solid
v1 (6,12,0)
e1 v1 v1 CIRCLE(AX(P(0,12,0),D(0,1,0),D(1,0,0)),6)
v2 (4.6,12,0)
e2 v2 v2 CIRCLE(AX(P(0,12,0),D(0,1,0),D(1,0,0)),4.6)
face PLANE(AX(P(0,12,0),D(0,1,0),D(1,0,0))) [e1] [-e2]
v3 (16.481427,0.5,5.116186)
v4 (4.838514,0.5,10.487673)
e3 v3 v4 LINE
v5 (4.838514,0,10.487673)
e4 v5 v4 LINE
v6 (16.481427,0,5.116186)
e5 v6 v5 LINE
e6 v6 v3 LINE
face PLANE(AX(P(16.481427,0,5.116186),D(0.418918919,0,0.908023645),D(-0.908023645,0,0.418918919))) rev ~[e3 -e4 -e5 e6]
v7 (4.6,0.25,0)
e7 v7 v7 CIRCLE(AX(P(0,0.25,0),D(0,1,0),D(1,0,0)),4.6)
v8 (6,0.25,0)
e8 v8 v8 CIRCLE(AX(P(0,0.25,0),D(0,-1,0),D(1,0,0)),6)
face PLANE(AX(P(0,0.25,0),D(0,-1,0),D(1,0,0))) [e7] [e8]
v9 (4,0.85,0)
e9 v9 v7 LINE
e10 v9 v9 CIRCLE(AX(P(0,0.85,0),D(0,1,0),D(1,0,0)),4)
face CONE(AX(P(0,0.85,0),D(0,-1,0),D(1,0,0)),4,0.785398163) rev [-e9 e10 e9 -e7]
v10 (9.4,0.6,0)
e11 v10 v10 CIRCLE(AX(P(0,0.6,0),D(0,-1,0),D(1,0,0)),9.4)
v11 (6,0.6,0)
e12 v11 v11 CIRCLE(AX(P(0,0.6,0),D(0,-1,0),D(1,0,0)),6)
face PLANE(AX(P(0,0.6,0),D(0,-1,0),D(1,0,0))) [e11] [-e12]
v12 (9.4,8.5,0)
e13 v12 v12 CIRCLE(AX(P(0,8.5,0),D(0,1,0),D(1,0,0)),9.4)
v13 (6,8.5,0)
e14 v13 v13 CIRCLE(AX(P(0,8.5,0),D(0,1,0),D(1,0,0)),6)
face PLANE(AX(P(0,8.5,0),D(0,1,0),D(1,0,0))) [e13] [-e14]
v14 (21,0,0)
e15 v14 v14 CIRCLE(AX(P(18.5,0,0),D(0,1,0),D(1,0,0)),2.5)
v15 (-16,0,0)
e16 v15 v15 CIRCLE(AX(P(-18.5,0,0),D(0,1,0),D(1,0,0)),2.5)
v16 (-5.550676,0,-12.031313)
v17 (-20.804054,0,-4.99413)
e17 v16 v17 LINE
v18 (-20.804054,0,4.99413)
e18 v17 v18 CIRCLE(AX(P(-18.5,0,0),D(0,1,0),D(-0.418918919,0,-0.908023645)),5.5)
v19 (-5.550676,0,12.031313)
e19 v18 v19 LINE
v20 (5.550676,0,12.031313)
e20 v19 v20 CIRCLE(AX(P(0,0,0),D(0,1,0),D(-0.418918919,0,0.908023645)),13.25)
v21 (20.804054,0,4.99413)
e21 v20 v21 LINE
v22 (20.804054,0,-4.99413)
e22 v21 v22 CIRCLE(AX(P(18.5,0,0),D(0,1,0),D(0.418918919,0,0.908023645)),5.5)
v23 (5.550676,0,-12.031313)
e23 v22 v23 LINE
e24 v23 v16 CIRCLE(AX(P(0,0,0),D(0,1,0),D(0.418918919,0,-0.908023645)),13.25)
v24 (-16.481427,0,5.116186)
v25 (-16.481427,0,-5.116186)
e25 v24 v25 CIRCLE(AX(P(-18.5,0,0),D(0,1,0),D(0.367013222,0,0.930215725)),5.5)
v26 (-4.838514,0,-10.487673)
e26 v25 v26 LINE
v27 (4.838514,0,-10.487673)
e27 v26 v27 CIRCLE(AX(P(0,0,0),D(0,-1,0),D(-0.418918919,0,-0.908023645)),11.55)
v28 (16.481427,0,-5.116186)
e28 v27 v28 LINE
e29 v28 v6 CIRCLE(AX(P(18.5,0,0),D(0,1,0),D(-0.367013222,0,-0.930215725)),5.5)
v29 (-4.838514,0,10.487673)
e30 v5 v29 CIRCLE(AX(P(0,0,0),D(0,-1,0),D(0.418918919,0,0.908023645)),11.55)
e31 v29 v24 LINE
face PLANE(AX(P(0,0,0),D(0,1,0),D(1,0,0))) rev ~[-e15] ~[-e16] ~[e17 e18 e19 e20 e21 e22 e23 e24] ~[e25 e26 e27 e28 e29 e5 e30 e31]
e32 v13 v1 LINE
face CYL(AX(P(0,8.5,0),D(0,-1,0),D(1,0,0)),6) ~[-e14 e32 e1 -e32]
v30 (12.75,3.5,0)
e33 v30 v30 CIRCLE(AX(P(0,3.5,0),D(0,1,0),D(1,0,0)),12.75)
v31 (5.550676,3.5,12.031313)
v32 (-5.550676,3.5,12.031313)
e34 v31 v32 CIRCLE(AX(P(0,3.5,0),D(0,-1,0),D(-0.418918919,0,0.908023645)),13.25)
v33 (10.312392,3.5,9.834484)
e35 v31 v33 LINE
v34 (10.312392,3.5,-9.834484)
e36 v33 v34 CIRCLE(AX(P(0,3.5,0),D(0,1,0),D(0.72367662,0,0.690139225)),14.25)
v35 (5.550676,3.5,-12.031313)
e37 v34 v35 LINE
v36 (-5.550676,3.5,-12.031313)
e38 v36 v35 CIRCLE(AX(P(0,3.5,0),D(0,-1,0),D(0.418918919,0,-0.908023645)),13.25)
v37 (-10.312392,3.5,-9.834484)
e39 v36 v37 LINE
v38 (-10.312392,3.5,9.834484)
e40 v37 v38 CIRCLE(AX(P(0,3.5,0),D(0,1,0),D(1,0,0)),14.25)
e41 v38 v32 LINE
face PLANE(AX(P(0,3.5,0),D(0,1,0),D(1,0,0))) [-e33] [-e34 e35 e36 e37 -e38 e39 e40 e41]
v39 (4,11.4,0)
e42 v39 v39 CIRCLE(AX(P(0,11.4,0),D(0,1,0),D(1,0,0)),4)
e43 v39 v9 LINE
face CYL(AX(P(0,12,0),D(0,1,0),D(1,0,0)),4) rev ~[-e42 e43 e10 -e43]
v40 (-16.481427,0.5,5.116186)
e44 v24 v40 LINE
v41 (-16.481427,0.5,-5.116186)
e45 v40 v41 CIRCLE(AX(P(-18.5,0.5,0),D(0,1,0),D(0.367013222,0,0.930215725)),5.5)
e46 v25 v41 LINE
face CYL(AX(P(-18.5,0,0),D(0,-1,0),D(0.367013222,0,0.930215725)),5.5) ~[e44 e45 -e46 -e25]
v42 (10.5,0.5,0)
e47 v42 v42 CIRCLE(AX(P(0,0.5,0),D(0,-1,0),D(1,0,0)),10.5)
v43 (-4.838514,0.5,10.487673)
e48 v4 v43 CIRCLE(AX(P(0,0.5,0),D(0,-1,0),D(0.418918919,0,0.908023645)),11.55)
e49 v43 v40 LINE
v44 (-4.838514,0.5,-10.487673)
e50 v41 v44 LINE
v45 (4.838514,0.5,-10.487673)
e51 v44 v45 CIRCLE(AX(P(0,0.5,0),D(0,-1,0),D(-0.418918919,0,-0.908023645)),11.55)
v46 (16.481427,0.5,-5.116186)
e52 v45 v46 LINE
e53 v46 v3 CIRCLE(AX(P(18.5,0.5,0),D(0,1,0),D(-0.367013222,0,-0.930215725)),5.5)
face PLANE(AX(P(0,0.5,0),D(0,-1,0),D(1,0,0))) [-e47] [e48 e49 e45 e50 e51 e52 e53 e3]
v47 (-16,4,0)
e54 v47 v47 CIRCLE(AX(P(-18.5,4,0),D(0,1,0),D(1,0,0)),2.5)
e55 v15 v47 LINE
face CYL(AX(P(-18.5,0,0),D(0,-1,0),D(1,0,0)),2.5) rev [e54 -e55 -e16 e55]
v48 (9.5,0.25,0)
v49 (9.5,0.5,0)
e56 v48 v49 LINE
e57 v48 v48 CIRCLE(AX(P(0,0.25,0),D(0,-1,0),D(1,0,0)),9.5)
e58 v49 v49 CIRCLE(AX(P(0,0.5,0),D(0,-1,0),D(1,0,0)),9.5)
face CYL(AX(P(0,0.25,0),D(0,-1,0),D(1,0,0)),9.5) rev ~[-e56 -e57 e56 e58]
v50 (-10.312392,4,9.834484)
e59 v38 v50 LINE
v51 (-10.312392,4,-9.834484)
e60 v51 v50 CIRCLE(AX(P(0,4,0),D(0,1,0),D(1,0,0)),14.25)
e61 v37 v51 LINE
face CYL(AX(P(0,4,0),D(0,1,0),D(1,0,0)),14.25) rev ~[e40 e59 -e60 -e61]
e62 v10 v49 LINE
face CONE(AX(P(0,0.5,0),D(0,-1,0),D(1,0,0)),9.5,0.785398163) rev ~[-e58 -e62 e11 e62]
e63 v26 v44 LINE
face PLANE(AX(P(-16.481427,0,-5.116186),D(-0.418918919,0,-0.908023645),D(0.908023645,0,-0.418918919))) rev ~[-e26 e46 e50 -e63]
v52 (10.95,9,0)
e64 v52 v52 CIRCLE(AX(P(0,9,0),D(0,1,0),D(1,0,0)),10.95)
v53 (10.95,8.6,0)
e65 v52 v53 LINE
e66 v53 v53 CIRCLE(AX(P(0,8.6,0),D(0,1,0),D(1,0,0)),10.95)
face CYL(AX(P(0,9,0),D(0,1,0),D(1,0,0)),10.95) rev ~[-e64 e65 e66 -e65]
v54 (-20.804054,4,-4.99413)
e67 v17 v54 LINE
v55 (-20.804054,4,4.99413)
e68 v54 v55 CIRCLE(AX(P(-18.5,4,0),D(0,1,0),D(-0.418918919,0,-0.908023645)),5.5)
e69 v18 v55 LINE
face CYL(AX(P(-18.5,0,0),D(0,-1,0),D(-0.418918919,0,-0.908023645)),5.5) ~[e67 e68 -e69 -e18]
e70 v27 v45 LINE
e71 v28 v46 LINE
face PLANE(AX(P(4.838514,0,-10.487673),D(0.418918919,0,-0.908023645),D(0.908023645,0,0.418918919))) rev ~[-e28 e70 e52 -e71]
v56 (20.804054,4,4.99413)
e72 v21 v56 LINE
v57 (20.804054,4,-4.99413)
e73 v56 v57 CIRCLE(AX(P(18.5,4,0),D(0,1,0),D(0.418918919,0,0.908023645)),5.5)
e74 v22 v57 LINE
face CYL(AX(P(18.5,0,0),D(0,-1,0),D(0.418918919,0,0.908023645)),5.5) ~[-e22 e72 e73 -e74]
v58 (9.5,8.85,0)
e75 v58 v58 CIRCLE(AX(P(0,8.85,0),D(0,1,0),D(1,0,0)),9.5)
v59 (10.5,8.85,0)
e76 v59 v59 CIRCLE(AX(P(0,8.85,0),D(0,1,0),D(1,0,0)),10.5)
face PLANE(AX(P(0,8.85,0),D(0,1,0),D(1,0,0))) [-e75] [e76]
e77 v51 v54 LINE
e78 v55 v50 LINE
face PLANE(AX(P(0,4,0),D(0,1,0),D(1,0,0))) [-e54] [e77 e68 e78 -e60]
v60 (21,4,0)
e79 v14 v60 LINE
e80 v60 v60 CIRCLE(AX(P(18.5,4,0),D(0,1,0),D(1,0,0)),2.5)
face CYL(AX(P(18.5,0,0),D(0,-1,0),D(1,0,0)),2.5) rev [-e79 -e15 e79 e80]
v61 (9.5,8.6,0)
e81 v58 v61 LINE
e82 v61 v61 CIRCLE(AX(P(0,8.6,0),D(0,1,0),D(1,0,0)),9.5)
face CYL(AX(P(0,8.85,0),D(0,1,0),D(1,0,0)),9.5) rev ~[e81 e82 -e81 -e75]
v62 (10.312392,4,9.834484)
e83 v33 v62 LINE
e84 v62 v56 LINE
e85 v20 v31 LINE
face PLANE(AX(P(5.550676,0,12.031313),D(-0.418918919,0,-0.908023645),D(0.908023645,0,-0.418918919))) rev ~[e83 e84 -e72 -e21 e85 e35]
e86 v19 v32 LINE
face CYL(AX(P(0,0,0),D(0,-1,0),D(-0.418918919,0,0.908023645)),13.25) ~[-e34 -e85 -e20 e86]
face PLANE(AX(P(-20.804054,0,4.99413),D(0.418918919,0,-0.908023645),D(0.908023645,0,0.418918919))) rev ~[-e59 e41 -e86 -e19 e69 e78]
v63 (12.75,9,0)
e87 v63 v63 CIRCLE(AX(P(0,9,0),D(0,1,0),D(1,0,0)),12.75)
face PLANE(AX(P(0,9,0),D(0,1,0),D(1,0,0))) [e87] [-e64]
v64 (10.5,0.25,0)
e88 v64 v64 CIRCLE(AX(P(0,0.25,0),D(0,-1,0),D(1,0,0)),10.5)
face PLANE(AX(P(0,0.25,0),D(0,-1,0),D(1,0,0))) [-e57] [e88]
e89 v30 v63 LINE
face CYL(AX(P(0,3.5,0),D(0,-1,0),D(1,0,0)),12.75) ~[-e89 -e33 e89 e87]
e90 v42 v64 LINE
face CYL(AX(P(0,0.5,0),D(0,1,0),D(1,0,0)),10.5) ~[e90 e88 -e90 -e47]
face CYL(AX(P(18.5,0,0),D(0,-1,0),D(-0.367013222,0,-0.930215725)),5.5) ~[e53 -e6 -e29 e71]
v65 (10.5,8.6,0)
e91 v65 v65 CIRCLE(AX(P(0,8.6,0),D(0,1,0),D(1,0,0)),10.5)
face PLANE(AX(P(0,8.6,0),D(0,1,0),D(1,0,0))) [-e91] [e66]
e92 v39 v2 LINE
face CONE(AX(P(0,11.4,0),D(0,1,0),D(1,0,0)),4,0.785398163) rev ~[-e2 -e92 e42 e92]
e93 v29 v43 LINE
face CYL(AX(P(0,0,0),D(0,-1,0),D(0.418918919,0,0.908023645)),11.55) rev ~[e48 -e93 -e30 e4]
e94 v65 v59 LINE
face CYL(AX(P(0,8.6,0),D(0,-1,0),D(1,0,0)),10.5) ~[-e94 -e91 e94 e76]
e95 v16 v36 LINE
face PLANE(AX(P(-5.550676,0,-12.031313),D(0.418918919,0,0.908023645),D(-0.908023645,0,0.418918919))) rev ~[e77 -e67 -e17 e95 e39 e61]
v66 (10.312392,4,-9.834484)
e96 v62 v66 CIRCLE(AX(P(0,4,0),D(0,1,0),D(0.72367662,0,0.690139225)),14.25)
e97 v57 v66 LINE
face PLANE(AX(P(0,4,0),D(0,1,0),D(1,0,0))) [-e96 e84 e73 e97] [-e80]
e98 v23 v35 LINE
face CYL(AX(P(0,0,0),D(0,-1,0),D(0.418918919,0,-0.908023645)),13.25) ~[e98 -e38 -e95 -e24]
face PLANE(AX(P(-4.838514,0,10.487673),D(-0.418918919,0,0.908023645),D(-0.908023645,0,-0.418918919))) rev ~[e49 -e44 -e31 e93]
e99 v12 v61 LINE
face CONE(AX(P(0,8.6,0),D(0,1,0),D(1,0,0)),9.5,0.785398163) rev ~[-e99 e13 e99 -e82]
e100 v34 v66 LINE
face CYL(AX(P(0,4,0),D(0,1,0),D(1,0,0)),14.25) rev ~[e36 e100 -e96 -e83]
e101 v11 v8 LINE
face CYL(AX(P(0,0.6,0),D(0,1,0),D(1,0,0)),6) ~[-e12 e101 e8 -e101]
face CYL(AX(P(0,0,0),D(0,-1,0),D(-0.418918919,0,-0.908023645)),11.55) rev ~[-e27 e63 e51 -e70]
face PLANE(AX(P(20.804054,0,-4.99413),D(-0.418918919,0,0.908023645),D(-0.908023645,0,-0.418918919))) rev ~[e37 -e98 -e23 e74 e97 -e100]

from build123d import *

# Parameters (mm, degrees)
SKETCH2_R               = 2.5
BOSS_EXTRUDE1_DEPTH     = 4
SKETCH3_R               = 14.25
CUT_EXTRUDE1_DEPTH      = 0.5
SKETCH4_R               = 12.75
BOSS_EXTRUDE2_DEPTH     = 5.5
CUT_EXTRUDE2_DEPTH      = 0.5
SKETCH6_R               = 10.95
CUT_EXTRUDE3_DEPTH      = 0.4
SKETCH7_R               = 10.5
BOSS_EXTRUDE3_DEPTH     = 0.25
SKETCH8_R               = 9.5
CUT_EXTRUDE4_DEPTH      = 0.35
SKETCH9_R               = 10.5
BOSS_EXTRUDE4_DEPTH     = 0.25
SKETCH10_R              = 9.5
CUT_EXTRUDE5_DEPTH      = 0.35
SKETCH11_R              = 6
BOSS_EXTRUDE5_DEPTH     = 0.35
SKETCH12_R              = 6
BOSS_EXTRUDE6_DEPTH     = 3.5
SKETCH13_R              = 4
CUT_EXTRUDE6_DEPTH      = 1
CUT_EXTRUDE6_DEPTH_BACK = 13
CHAMFER1_SIZE           = 0.6
CHAMFER2_SIZE           = 0.6
CHAMFER3_SIZE           = 0.1


with BuildPart() as part:
    # Sketch2 → Boss-Extrude1 (new body)
    with BuildSketch(Plane(origin=(0, 0, 0), x_dir=(1, 0, 0), z_dir=(0, 1, 0))):
        with BuildLine():
            Line((-5.550675676, 12.031313293), (-20.804054054, 4.994130046))
            ThreePointArc((-20.804054054, 4.994130046), (-24, 0), (-20.804054054, -4.994130046))
            Line((-20.804054054, -4.994130046), (-5.550675676, -12.031313293))
            ThreePointArc((-5.550675676, -12.031313293), (0, -13.25), (5.550675676, -12.031313293))
            Line((5.550675676, -12.031313293), (20.804054054, -4.994130046))
            ThreePointArc((20.804054054, -4.994130046), (24, 0), (20.804054054, 4.994130046))
            Line((20.804054054, 4.994130046), (5.550675676, 12.031313293))
            ThreePointArc((5.550675676, 12.031313293), (0, 13.25), (-5.550675676, 12.031313293))
        make_face()
        with Locations((-18.5, 0)):
            Circle(SKETCH2_R, mode=Mode.SUBTRACT)
        with Locations((18.5, 0)):
            Circle(SKETCH2_R, mode=Mode.SUBTRACT)
    extrude(amount=BOSS_EXTRUDE1_DEPTH)

    # Sketch3 → Cut-Extrude1 (cut)
    with BuildSketch(Plane(origin=(0, 4, 0), x_dir=(1, 0, 0), z_dir=(0, 1, 0))):
        Circle(SKETCH3_R)
    extrude(amount=-CUT_EXTRUDE1_DEPTH, mode=Mode.SUBTRACT)

    # Sketch4 → Boss-Extrude2 (add)
    with BuildSketch(Plane(origin=(0, 3.5, 0), x_dir=(1, 0, 0), z_dir=(0, 1, 0))):
        Circle(SKETCH4_R)
    extrude(amount=BOSS_EXTRUDE2_DEPTH)

    # Sketch5 → Cut-Extrude2 (cut)
    with BuildSketch(Plane.XZ):
        with BuildLine():
            Line((4.838513514, -10.487673097), (16.48142728, -5.116186488))
            ThreePointArc((16.48142728, -5.116186488), (13, 0), (16.48142728, 5.116186488))
            Line((16.48142728, 5.116186488), (4.838513514, 10.487673097))
            ThreePointArc((4.838513514, 10.487673097), (0, 11.55), (-4.838513514, 10.487673097))
            Line((-4.838513514, 10.487673097), (-16.48142728, 5.116186488))
            ThreePointArc((-16.48142728, 5.116186488), (-13, 0), (-16.48142728, -5.116186488))
            Line((-16.48142728, -5.116186488), (-4.838513514, -10.487673097))
            ThreePointArc((-4.838513514, -10.487673097), (0, -11.55), (4.838513514, -10.487673097))
        make_face()
    extrude(amount=-CUT_EXTRUDE2_DEPTH, mode=Mode.SUBTRACT)

    # Sketch6 → Cut-Extrude3 (cut)
    with BuildSketch(Plane(origin=(0, 9, 0), x_dir=(1, 0, 0), z_dir=(0, 1, 0))):
        Circle(SKETCH6_R)
    extrude(amount=-CUT_EXTRUDE3_DEPTH, mode=Mode.SUBTRACT)

    # Sketch7 → Boss-Extrude3 (add)
    with BuildSketch(Plane(origin=(0, 8.6, 0), x_dir=(1, 0, 0), z_dir=(0, 1, 0))):
        Circle(SKETCH7_R)
    extrude(amount=BOSS_EXTRUDE3_DEPTH)

    # Sketch8 → Cut-Extrude4 (cut)
    with BuildSketch(Plane(origin=(0, 8.85, 0), x_dir=(1, 0, 0), z_dir=(0, 1, 0))):
        Circle(SKETCH8_R)
    extrude(amount=-CUT_EXTRUDE4_DEPTH, mode=Mode.SUBTRACT)

    # Sketch9 → Boss-Extrude4 (add)
    with BuildSketch(Plane.XZ.offset(-0.5)):
        Circle(SKETCH9_R)
    extrude(amount=BOSS_EXTRUDE4_DEPTH)

    # Sketch10 → Cut-Extrude5 (cut)
    with BuildSketch(Plane.XZ.offset(-0.25)):
        Circle(SKETCH10_R)
    extrude(amount=-CUT_EXTRUDE5_DEPTH, mode=Mode.SUBTRACT)

    # Sketch11 → Boss-Extrude5 (add)
    with BuildSketch(Plane.XZ.offset(-0.6)):
        Circle(SKETCH11_R)
    extrude(amount=BOSS_EXTRUDE5_DEPTH)

    # Sketch12 → Boss-Extrude6 (add)
    with BuildSketch(Plane(origin=(0, 8.5, 0), x_dir=(1, 0, 0), z_dir=(0, 1, 0))):
        Circle(SKETCH12_R)
    extrude(amount=BOSS_EXTRUDE6_DEPTH)

    # Sketch13 → Cut-Extrude6 (cut, two sides)
    with BuildSketch(Plane(origin=(0, 12, 0), x_dir=(1, 0, 0), z_dir=(0, 1, 0))) as cut_extrude6_sk:
        Circle(SKETCH13_R)
    extrude(amount=CUT_EXTRUDE6_DEPTH, mode=Mode.SUBTRACT)
    extrude(cut_extrude6_sk.sketch, amount=-CUT_EXTRUDE6_DEPTH_BACK, mode=Mode.SUBTRACT)

    # Chamfer1
    chamfer1_edges = [part.edges().sort_by_distance(p)[0] for p in [
        (-4, 12, 0),
    ]]
    chamfer(chamfer1_edges, length=CHAMFER1_SIZE)

    # Chamfer2
    chamfer2_edges = [part.edges().sort_by_distance(p)[0] for p in [
        (-4, 0.25, 0),
    ]]
    chamfer(chamfer2_edges, length=CHAMFER2_SIZE)

    # Chamfer3
    chamfer3_edges = [part.edges().sort_by_distance(p)[0] for p in [
        (-9.5, 0.6, 0),
        (-9.5, 8.5, 0),
    ]]
    chamfer(chamfer3_edges, length=CHAMFER3_SIZE)


solid = part.part
